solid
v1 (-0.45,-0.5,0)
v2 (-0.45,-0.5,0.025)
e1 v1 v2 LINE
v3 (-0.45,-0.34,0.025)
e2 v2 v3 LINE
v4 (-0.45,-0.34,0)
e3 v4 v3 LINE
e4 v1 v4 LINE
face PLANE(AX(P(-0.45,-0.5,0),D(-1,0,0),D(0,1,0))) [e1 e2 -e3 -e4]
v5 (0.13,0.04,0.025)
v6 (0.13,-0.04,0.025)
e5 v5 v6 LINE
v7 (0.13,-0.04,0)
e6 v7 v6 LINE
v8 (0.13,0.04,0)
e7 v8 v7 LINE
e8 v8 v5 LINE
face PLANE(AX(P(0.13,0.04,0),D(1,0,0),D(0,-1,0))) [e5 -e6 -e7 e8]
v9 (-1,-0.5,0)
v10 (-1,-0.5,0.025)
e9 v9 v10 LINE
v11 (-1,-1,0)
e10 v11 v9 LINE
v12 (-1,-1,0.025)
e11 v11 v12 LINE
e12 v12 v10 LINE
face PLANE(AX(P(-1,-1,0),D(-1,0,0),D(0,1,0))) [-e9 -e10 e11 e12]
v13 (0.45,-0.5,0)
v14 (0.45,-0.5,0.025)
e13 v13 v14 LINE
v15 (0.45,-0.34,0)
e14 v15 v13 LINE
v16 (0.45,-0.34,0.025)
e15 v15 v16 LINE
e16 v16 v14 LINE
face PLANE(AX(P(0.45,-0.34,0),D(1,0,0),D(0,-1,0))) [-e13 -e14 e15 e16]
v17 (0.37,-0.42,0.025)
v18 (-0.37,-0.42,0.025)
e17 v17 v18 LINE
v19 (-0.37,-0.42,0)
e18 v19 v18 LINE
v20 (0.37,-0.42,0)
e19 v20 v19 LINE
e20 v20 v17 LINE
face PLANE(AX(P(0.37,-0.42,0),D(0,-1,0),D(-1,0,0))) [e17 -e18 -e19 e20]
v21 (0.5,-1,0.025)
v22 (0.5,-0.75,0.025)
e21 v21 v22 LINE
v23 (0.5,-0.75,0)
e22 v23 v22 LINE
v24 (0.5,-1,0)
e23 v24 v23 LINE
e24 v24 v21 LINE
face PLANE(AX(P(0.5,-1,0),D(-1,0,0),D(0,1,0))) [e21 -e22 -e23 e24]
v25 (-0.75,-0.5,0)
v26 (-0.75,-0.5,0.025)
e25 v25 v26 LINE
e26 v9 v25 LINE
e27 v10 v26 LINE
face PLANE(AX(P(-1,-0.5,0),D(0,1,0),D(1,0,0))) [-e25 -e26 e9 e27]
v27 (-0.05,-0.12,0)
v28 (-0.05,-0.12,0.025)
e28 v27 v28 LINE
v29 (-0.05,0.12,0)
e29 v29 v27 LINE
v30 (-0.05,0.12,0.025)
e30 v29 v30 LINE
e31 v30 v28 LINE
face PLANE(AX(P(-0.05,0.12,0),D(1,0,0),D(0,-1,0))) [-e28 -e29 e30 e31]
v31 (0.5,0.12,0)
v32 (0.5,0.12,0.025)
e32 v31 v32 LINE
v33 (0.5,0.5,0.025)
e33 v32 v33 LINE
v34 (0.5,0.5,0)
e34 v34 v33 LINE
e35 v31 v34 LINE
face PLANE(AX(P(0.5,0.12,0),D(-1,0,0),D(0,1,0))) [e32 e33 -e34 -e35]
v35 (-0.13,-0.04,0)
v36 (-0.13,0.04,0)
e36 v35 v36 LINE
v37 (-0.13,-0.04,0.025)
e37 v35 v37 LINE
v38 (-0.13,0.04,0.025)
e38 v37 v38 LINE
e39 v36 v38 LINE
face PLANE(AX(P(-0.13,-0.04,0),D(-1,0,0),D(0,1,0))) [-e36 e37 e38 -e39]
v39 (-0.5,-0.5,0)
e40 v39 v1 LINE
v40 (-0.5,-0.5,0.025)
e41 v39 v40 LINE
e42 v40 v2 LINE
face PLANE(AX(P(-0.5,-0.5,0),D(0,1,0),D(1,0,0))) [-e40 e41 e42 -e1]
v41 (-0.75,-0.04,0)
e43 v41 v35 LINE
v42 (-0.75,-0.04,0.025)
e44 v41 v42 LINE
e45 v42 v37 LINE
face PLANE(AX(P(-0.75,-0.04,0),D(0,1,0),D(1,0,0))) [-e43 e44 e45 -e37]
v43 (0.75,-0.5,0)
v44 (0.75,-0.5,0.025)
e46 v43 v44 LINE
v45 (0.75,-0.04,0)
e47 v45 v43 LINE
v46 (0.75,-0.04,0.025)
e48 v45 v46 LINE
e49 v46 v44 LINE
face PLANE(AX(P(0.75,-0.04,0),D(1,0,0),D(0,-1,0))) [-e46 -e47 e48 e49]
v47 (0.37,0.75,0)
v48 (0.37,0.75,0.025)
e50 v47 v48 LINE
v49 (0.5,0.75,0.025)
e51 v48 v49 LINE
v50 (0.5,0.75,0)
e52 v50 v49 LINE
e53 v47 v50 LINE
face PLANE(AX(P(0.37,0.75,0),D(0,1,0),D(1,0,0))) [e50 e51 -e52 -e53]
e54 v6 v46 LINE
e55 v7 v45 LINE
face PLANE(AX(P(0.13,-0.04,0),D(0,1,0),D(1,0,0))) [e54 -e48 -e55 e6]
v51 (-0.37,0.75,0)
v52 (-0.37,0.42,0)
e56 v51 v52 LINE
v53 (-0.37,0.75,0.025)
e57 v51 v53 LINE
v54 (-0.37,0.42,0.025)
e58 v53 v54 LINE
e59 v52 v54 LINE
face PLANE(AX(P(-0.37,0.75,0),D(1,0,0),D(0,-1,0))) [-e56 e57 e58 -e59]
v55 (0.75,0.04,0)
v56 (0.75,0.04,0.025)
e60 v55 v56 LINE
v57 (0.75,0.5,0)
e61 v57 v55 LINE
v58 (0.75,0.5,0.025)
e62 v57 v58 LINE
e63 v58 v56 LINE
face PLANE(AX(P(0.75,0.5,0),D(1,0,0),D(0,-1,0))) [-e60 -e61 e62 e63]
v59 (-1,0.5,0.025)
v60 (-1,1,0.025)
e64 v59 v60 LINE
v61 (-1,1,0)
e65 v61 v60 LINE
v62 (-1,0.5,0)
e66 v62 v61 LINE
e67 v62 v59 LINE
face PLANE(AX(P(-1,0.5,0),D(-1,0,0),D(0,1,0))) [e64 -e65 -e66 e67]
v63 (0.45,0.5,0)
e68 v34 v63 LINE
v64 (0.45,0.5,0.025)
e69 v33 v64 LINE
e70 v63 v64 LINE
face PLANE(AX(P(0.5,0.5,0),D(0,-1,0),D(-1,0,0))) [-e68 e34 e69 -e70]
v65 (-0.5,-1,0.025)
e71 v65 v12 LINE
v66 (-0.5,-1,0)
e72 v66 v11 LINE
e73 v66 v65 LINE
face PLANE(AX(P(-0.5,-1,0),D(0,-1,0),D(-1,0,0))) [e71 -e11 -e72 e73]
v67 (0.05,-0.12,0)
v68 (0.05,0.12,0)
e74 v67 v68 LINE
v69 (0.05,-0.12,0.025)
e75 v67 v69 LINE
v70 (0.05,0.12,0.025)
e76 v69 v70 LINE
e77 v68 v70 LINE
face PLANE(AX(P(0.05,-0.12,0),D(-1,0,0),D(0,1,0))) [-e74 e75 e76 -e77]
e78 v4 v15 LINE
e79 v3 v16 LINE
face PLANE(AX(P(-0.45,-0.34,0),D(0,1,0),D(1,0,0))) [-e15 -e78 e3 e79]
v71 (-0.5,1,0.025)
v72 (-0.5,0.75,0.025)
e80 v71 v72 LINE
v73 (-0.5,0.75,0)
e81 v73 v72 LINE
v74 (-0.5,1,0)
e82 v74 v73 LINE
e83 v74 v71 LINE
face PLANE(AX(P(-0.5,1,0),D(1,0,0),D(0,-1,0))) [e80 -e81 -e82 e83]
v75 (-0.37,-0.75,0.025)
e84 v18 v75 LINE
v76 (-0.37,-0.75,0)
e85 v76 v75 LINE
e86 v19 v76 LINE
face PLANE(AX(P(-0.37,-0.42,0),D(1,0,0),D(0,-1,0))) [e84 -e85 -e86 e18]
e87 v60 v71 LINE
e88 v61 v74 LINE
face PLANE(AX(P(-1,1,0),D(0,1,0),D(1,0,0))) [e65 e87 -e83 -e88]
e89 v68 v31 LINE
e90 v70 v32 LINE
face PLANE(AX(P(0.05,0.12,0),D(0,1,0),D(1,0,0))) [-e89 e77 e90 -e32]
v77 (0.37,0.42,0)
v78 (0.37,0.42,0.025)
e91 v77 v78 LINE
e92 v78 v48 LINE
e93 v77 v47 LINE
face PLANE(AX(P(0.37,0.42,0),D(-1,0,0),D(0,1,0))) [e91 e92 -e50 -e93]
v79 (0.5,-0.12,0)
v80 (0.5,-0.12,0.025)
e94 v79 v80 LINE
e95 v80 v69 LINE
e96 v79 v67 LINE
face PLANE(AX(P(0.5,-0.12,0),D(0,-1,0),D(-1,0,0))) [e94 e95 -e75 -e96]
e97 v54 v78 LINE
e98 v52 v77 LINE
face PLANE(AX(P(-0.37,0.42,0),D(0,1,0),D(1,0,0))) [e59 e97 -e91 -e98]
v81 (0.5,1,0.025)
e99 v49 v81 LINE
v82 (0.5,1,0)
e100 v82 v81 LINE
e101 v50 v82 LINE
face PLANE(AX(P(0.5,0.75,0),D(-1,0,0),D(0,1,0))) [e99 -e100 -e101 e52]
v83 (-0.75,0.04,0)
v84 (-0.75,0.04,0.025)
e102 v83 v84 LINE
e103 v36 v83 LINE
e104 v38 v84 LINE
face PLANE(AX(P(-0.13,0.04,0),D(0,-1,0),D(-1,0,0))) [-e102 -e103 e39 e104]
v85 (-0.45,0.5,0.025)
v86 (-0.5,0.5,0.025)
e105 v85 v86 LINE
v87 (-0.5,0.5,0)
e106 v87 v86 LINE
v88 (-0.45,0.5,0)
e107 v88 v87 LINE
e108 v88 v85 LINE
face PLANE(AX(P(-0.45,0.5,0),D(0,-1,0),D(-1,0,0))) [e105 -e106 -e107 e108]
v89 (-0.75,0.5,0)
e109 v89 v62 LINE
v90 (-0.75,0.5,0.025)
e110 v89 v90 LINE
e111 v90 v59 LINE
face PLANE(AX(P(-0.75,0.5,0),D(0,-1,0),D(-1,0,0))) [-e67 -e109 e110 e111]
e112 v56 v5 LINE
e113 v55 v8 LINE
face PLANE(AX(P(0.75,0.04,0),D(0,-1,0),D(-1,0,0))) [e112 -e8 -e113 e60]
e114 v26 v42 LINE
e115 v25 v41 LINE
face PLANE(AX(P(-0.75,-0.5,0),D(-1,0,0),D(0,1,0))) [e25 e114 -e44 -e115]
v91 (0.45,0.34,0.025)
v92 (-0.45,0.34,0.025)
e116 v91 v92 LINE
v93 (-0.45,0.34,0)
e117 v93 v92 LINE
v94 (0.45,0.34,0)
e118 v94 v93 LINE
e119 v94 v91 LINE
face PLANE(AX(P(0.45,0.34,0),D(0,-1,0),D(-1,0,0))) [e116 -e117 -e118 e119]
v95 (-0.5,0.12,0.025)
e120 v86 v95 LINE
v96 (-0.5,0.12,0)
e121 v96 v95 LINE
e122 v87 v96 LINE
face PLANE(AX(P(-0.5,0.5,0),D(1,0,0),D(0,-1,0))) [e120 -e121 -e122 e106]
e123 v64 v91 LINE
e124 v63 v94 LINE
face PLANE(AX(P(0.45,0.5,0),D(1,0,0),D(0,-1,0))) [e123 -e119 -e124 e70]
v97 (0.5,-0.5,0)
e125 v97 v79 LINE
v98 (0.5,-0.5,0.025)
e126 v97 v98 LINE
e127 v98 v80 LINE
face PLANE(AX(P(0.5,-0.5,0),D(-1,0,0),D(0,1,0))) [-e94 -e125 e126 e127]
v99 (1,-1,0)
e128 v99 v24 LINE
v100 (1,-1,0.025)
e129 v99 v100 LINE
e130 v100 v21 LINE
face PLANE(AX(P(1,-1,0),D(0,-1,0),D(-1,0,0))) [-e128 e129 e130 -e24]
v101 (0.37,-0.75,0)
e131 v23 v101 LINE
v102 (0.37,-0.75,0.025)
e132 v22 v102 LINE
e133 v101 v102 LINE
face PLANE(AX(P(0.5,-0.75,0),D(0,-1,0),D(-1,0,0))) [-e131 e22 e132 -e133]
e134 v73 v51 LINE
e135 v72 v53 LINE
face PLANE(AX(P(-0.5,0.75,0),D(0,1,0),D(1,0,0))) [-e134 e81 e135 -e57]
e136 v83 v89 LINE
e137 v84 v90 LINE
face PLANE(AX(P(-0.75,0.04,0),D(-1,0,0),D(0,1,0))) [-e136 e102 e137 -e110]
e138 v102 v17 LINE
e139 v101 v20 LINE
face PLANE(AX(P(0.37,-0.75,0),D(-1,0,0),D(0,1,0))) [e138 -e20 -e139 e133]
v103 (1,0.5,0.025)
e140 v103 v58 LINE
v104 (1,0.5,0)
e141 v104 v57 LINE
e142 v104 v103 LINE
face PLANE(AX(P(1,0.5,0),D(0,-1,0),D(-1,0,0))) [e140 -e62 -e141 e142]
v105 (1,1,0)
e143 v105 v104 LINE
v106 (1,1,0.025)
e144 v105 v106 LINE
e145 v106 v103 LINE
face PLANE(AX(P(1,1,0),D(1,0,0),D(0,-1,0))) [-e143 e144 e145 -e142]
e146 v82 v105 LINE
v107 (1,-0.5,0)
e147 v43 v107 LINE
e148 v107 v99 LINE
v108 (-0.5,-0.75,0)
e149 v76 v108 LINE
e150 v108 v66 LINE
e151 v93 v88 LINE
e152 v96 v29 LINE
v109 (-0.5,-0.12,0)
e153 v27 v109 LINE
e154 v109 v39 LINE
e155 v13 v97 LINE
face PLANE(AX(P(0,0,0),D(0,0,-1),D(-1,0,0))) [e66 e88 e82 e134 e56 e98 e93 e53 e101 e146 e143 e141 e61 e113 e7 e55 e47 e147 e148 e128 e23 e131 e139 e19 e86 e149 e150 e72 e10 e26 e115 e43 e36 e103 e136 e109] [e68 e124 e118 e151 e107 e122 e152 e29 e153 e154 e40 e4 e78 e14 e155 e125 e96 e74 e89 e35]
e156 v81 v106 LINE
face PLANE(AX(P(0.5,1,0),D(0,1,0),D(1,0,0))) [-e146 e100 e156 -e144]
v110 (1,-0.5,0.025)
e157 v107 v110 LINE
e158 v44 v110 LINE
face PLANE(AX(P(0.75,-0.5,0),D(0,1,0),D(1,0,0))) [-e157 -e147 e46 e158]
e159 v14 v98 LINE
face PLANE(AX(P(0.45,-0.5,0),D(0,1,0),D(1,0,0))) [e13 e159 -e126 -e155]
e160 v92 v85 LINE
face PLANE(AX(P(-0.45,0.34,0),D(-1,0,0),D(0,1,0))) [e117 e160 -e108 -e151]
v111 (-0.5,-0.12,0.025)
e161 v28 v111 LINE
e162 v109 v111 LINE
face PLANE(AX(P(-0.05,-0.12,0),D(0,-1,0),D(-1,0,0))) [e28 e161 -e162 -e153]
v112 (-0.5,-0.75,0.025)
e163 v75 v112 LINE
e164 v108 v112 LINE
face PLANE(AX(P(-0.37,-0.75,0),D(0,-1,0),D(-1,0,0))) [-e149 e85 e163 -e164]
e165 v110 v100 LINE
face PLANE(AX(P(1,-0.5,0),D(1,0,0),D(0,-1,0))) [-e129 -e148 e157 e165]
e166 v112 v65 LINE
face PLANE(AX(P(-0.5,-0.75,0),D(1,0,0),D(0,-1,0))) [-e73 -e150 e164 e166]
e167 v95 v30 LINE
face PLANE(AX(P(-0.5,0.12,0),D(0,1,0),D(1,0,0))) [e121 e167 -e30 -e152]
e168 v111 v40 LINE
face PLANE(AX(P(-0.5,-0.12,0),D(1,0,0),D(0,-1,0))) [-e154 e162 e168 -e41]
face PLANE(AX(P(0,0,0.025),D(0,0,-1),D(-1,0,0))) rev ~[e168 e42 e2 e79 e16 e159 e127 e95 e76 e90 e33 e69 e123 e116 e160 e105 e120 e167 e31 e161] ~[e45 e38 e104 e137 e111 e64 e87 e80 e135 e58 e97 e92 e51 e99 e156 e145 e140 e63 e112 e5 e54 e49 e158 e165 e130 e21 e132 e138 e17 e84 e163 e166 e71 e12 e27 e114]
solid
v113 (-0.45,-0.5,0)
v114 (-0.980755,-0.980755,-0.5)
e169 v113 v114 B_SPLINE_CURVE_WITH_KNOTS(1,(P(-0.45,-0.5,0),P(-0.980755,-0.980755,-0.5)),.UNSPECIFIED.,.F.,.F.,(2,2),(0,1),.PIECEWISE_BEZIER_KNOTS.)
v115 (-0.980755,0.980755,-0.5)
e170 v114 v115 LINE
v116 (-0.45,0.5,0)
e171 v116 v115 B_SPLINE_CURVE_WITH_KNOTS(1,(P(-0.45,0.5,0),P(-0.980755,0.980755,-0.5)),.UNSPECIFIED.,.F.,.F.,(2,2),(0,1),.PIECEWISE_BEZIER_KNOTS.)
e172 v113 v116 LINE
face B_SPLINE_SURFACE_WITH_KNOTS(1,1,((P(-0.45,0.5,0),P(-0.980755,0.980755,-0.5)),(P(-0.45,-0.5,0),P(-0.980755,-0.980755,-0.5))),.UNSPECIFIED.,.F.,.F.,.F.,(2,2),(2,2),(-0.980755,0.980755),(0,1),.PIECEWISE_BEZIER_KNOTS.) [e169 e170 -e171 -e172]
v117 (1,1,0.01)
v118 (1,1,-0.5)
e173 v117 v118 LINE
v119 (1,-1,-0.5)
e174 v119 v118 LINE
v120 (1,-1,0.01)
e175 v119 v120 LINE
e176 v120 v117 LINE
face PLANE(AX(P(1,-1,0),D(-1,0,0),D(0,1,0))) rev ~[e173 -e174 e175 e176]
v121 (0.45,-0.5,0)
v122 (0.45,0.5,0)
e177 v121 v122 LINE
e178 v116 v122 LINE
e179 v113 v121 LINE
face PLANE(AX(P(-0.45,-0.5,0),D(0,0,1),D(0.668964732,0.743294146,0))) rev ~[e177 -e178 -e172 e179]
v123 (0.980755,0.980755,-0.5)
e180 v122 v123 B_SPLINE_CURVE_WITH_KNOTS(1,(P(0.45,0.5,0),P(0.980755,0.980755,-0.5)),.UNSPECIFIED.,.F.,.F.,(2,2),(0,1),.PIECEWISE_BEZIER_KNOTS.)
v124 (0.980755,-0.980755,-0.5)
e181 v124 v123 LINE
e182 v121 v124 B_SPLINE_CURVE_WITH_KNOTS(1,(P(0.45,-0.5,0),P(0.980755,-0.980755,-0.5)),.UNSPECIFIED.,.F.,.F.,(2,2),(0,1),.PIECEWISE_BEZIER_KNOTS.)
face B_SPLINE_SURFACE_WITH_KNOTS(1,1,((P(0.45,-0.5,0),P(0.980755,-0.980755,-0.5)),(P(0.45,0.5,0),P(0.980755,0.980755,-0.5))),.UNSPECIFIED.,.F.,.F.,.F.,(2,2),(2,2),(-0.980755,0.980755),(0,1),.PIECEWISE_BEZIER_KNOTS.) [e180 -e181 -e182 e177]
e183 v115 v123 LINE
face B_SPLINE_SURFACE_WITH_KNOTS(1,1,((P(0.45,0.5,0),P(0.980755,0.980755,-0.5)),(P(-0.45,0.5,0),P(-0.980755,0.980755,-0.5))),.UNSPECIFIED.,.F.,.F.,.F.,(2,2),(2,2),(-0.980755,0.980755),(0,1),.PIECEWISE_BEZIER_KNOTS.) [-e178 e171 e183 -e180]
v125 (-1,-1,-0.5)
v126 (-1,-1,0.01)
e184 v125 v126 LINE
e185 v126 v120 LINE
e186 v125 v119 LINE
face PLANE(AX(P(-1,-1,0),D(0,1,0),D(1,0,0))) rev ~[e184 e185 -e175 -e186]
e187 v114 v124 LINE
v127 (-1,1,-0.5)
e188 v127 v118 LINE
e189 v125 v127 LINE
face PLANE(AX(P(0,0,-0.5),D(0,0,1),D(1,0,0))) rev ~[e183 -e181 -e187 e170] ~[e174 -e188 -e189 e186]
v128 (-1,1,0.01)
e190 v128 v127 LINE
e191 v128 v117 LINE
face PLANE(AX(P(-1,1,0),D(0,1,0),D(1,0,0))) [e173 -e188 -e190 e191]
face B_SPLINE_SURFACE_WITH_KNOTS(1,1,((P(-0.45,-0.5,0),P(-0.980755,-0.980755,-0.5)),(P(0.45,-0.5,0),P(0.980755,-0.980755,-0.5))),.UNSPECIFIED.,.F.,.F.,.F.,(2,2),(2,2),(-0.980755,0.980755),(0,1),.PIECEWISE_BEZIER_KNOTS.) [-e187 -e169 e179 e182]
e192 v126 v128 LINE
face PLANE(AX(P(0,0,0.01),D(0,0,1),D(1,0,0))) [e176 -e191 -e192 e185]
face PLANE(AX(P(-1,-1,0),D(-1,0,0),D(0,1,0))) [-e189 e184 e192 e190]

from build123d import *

# Parameters (mm, degrees)
WAFER_W             = 2
WAFER_H             = 2
BOSS_EXTRUDE3_DEPTH = 0.5
SIN_LAYER_W         = 2
SIN_LAYER_H         = 2
BOSS_EXTRUDE4_DEPTH = 0.01
BOSS_EXTRUDE5_DEPTH = 0.025
TOP_MEMBRANE_W      = 0.9
TOP_MEMBRANE_H      = 1
BOTTOM_W            = 1.96151
BOTTOM_H            = 1.96151


with BuildPart() as part:
    # wafer → Boss-Extrude3 (new body)
    with BuildSketch(Plane.XY):
        Rectangle(WAFER_W, WAFER_H)
    extrude(amount=-BOSS_EXTRUDE3_DEPTH)

    # SiN Layer → Boss-Extrude4 (add)
    with BuildSketch(Plane.XY):
        Rectangle(SIN_LAYER_W, SIN_LAYER_H)
    extrude(amount=BOSS_EXTRUDE4_DEPTH)

    # top membrane → Cut-Loft8 section 0
    with BuildSketch(Plane.XY):
        Rectangle(TOP_MEMBRANE_W, TOP_MEMBRANE_H)
    # bottom → Cut-Loft8 section 1
    with BuildSketch(Plane.XY.offset(-0.5)):
        Rectangle(BOTTOM_W, BOTTOM_H)
    loft(mode=Mode.SUBTRACT)


with BuildPart() as body_2:
    # circuit → Boss-Extrude5 (new body)
    with BuildSketch(Plane.XY):
        Polygon((-1, 1), (-0.5, 1), (-0.5, 0.75), (-0.37, 0.75), (-0.37, 0.42), (0.37, 0.42), (0.37, 0.75), (0.5, 0.75), (0.5, 1), (1, 1), (1, 0.5), (0.75, 0.5), (0.75, 0.04), (0.13, 0.04), (0.13, -0.04), (0.75, -0.04), (0.75, -0.5), (1, -0.5), (1, -1), (0.5, -1), (0.5, -0.75), (0.37, -0.75), (0.37, -0.42), (-0.37, -0.42), (-0.37, -0.75), (-0.5, -0.75), (-0.5, -1), (-1, -1), (-1, -0.5), (-0.75, -0.5), (-0.75, -0.04), (-0.13, -0.04), (-0.13, 0.04), (-0.75, 0.04), (-0.75, 0.5), (-1, 0.5), align=None)
        Polygon((-0.45, 0.5), (-0.5, 0.5), (-0.5, 0.12), (-0.05, 0.12), (-0.05, -0.12), (-0.5, -0.12), (-0.5, -0.5), (-0.45, -0.5), (-0.45, -0.34), (0.45, -0.34), (0.45, -0.5), (0.5, -0.5), (0.5, -0.12), (0.05, -0.12), (0.05, 0.12), (0.5, 0.12), (0.5, 0.5), (0.45, 0.5), (0.45, 0.34), (-0.45, 0.34), align=None, mode=Mode.SUBTRACT)
    extrude(amount=BOSS_EXTRUDE5_DEPTH)


solid = Compound([part.part, body_2.part])
